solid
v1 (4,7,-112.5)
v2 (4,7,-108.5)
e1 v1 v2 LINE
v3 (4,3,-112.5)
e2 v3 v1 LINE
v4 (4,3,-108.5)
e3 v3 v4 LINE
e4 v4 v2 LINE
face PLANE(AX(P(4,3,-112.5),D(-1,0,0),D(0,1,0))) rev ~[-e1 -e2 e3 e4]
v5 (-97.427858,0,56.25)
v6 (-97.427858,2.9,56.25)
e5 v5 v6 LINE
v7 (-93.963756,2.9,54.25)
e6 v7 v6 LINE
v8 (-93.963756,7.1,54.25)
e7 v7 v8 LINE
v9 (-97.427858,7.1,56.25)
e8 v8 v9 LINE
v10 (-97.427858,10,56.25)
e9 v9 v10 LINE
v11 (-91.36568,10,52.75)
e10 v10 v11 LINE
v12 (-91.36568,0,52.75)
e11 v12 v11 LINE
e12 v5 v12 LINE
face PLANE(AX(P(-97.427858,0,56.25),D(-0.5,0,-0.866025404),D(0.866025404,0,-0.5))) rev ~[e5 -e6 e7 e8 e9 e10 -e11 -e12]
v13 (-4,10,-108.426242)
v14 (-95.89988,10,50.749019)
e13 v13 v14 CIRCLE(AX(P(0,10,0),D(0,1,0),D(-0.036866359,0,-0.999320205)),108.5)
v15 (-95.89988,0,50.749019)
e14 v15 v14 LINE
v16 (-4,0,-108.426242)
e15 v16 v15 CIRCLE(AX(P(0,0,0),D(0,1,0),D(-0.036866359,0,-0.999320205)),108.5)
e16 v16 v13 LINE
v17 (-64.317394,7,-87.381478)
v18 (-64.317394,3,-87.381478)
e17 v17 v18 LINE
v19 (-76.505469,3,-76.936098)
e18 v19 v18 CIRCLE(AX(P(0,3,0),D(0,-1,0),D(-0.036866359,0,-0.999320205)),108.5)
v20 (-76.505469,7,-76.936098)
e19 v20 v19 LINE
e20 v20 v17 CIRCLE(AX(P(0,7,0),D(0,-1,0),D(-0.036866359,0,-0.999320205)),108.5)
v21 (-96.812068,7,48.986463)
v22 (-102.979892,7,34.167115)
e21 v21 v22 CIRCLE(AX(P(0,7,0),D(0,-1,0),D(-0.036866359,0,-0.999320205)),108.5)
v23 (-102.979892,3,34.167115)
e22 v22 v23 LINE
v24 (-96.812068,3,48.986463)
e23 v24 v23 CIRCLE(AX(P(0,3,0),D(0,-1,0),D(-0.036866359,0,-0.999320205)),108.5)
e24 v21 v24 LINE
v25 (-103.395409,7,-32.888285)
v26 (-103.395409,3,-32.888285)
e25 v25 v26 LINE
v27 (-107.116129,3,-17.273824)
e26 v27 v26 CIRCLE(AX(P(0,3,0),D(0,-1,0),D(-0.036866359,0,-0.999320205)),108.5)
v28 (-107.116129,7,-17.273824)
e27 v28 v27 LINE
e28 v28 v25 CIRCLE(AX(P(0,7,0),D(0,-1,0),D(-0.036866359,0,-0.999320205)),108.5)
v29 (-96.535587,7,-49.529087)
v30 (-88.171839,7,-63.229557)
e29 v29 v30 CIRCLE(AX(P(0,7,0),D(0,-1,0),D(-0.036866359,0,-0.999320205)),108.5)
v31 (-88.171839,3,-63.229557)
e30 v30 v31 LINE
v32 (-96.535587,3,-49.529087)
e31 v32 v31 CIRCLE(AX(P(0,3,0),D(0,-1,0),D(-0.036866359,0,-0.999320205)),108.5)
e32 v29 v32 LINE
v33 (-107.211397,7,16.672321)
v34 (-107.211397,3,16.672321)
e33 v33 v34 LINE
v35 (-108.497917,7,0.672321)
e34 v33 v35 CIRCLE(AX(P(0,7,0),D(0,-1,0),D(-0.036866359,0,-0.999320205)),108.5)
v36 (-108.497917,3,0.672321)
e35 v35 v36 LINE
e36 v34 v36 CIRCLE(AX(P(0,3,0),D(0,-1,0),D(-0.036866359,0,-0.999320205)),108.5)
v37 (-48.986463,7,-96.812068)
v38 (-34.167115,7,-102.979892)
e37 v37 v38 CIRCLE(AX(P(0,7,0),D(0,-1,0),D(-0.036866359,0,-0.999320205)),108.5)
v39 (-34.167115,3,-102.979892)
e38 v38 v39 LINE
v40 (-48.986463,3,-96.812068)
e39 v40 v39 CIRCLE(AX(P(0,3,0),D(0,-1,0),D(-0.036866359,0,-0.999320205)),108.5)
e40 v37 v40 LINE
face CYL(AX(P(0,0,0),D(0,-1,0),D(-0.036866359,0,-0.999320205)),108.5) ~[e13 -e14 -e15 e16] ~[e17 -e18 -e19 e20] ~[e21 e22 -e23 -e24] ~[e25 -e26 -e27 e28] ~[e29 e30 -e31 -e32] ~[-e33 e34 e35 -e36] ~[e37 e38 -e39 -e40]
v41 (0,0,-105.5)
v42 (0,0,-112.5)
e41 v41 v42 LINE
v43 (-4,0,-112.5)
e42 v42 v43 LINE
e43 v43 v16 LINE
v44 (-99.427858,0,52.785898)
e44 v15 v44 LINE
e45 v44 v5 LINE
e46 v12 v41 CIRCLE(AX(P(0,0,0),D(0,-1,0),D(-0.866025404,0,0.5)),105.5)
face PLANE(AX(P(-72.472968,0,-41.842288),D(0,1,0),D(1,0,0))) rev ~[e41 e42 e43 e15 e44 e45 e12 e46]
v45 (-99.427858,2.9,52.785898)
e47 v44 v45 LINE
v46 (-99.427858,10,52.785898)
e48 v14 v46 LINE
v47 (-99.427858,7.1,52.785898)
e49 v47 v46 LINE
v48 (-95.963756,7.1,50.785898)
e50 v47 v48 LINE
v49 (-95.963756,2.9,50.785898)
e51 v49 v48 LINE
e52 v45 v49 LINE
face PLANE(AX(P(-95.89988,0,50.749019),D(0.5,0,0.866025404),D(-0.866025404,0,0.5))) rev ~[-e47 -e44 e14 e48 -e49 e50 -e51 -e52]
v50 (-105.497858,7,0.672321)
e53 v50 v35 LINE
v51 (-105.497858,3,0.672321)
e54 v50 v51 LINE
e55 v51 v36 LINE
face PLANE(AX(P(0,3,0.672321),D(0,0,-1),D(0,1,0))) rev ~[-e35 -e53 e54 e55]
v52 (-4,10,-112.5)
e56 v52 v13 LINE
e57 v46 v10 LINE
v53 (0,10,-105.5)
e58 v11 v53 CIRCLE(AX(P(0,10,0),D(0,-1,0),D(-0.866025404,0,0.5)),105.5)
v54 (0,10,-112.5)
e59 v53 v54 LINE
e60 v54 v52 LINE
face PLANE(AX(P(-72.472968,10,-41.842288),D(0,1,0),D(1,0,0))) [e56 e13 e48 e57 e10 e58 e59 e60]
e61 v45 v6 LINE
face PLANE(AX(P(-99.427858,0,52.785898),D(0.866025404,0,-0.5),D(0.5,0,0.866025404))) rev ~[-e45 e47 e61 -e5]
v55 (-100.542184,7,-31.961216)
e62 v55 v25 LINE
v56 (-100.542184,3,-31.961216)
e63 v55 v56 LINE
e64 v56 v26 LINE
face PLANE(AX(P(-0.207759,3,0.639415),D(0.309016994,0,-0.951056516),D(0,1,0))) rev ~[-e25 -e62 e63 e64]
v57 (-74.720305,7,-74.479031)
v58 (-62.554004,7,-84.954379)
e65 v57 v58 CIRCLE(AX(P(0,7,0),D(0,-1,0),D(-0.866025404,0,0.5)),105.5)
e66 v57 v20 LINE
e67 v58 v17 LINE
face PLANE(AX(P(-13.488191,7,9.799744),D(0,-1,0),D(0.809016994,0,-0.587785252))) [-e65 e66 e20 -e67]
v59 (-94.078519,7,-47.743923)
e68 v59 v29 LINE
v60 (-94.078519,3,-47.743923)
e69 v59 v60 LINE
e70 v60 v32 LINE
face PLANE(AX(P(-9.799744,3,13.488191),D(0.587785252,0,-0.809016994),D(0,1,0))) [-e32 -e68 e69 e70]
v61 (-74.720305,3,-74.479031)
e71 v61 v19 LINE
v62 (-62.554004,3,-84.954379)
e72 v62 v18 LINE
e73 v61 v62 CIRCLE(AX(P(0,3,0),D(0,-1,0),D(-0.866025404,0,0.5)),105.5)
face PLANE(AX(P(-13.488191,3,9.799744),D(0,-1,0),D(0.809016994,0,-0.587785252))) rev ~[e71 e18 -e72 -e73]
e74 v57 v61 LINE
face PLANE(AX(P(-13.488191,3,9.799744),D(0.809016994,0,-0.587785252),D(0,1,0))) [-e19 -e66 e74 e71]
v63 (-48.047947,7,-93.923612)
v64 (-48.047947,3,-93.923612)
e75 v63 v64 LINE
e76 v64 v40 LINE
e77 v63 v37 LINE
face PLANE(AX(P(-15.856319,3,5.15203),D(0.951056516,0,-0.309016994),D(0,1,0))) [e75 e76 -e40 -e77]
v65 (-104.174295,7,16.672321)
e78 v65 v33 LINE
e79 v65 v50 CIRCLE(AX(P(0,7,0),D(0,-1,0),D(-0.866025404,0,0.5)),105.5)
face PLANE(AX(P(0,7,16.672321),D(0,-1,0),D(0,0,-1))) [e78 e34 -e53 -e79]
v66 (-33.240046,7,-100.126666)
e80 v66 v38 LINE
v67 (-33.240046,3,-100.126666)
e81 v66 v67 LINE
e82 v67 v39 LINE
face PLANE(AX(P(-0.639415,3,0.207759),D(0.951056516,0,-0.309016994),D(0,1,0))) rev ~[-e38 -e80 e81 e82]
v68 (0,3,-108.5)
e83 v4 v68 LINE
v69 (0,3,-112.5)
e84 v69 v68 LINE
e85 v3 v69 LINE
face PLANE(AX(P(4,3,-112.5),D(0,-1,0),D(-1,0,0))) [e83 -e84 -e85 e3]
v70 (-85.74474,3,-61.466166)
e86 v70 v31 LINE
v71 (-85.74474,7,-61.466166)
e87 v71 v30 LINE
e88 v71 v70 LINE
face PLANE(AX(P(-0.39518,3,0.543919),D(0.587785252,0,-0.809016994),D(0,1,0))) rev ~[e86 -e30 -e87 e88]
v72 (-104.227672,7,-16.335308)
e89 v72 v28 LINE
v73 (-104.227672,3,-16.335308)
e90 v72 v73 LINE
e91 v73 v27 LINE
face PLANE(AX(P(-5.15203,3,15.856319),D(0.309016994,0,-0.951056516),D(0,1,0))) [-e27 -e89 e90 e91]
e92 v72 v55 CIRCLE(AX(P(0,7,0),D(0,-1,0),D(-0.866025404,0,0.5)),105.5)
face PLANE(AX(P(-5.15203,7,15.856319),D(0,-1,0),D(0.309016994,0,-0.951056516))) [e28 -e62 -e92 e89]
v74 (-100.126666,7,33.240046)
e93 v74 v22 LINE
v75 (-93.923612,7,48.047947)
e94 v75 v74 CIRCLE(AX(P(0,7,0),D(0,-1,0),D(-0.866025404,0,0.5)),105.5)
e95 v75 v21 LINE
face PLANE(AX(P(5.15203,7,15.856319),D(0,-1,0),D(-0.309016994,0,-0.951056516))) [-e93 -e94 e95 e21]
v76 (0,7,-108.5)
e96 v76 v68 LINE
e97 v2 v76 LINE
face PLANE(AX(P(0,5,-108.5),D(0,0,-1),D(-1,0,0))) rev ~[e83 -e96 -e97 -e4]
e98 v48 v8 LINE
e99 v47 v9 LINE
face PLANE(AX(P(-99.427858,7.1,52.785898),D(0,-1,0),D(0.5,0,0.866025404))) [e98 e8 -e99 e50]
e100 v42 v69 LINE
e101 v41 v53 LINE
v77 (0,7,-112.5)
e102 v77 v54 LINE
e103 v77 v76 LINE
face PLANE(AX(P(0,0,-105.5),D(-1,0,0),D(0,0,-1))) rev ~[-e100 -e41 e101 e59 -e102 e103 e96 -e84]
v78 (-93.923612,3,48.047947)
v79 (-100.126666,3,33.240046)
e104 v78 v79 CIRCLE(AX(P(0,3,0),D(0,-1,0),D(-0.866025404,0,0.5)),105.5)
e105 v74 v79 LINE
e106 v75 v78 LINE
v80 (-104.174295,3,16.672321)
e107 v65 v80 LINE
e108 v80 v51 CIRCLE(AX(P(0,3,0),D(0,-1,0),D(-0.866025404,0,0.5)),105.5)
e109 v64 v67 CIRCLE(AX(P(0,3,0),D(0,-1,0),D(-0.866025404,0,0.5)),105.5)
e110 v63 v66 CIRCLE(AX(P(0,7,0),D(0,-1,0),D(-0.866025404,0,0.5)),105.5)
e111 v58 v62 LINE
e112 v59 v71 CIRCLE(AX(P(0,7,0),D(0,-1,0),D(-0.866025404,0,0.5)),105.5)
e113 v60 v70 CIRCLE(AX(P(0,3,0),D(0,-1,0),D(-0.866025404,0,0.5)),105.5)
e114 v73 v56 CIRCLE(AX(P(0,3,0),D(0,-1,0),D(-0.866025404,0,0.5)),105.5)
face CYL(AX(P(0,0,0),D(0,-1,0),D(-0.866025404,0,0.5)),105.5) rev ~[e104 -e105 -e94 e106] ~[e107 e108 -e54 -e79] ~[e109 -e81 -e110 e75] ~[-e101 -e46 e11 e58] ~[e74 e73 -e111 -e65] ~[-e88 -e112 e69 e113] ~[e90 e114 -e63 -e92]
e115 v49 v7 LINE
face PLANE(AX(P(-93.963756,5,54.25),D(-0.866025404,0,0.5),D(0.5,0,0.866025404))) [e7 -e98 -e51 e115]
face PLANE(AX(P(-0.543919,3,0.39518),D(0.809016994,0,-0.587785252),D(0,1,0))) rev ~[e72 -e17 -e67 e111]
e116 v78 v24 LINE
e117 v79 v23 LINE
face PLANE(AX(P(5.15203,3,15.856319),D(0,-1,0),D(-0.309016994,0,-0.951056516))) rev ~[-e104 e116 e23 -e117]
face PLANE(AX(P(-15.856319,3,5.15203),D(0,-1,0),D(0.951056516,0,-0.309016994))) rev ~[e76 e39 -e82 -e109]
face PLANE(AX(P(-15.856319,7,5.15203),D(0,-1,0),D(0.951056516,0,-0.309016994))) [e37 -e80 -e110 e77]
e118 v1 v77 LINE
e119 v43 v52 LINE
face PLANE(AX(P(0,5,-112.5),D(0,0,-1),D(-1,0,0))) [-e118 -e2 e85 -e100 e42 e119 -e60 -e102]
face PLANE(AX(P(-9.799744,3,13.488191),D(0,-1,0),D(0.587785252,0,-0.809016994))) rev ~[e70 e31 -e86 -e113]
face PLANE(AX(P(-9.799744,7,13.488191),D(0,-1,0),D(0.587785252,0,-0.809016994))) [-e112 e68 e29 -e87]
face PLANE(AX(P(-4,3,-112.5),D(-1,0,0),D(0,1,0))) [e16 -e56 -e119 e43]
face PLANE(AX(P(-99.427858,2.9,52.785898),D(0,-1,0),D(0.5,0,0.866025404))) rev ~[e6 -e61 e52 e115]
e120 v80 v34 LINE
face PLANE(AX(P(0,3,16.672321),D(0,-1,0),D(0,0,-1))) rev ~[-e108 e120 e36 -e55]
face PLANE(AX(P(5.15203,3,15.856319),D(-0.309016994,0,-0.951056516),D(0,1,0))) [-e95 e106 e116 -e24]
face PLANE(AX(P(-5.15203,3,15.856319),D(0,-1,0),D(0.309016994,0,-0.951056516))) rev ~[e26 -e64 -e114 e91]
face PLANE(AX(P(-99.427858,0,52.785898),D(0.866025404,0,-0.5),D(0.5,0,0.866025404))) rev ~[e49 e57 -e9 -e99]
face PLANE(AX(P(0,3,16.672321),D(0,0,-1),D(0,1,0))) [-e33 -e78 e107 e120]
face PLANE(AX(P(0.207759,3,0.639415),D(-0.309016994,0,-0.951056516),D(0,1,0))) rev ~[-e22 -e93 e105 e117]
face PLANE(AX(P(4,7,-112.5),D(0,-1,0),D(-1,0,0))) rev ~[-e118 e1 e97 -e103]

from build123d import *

# Parameters (mm, degrees)
BOSS_EXTRUDE1_DEPTH             = 10
SKETCH2_W                       = 8
SKETCH2_H                       = 4.2
CUT_EXTRUDE1_DEPTH              = 4
SKETCH3_W                       = 8
SKETCH3_H                       = 4
BOSS_EXTRUDE2_DEPTH             = 4
SKETCH4_W                       = 16
SKETCH4_H                       = 4
CUT_EXTRUDE2_DEPTH              = 157.615771875
CIRPATTERN4_COUNT               = 5
CIRPATTERN4_ANGLE               = 72
CIRPATTERN4_THE_OTHER_WAY_COUNT = 5
CIRPATTERN4_THE_OTHER_WAY_ANGLE = 72


with BuildPart() as part:
    # Sketch1 → Boss-Extrude1 (new body)
    with BuildSketch(Plane(origin=(0, 0, 0), x_dir=(1, 0, 0), z_dir=(0, 1, 0))):
        with BuildLine():
            Line((-4, 112.5), (-4, 108.426242211))
            ThreePointArc((-4, 108.426242211), (-93.963756311, 54.25), (-95.899880192, -50.74901949))
            Line((-95.899880192, -50.74901949), (-99.427857926, -52.785898385))
            Line((-99.427857926, -52.785898385), (-97.427857926, -56.25))
            Line((-97.427857926, -56.25), (-91.365680099, -52.75))
            ThreePointArc((-91.365680099, -52.75), (-91.365680099, 52.75), (0, 105.5))
            Line((0, 105.5), (0, 112.5))
            Line((0, 112.5), (-4, 112.5))
        make_face()
    extrude(amount=BOSS_EXTRUDE1_DEPTH)

    # Sketch2 → Cut-Extrude1 (cut)
    with BuildSketch(Plane(origin=(-97.427857926, 0, 56.25), x_dir=(0.4999999999999976, 0, 0.86602540378444), z_dir=(-0.8660254037844402, 0, 0.4999999999999977))):
        with Locations((0, 5)):
            Rectangle(SKETCH2_W, SKETCH2_H)
    extrude(amount=-CUT_EXTRUDE1_DEPTH, mode=Mode.SUBTRACT)

    # Sketch3 → Boss-Extrude2 (add)
    with BuildSketch(Plane(origin=(0, 0, -112.5), x_dir=(-1, 0, 0), z_dir=(0, 0, -1))):
        with Locations((0, 5)):
            Rectangle(SKETCH3_W, SKETCH3_H)
    extrude(amount=-BOSS_EXTRUDE2_DEPTH)

    # Sketch4 → Cut-Extrude2 (cut, through all)
    with BuildSketch(Plane(origin=(0, 0, 0), x_dir=(0, 0, -1), z_dir=(1, 0, 0))):
        with Locations((-8.672320837, 5)):
            Rectangle(SKETCH4_W, SKETCH4_H)
    cut_extrude2 = extrude(amount=-CUT_EXTRUDE2_DEPTH, mode=Mode.SUBTRACT)

    # CirPattern4: Cut-Extrude2 ×5 about axis
    cirpattern4_axis = Axis((0, 0, 0), (0, -1, 0))
    for i in range(1, CIRPATTERN4_COUNT):
        add(cut_extrude2.rotate(cirpattern4_axis, i * CIRPATTERN4_ANGLE / (CIRPATTERN4_COUNT - 1)), mode=Mode.SUBTRACT)

    # CirPattern4 the other way: Cut-Extrude2 ×5 about axis
    cirpattern4_the_other_way_axis = Axis((0, 0, 0), (0, 1, 0))
    for i in range(1, CIRPATTERN4_THE_OTHER_WAY_COUNT):
        add(cut_extrude2.rotate(cirpattern4_the_other_way_axis, i * CIRPATTERN4_THE_OTHER_WAY_ANGLE / (CIRPATTERN4_THE_OTHER_WAY_COUNT - 1)), mode=Mode.SUBTRACT)


solid = part.part
